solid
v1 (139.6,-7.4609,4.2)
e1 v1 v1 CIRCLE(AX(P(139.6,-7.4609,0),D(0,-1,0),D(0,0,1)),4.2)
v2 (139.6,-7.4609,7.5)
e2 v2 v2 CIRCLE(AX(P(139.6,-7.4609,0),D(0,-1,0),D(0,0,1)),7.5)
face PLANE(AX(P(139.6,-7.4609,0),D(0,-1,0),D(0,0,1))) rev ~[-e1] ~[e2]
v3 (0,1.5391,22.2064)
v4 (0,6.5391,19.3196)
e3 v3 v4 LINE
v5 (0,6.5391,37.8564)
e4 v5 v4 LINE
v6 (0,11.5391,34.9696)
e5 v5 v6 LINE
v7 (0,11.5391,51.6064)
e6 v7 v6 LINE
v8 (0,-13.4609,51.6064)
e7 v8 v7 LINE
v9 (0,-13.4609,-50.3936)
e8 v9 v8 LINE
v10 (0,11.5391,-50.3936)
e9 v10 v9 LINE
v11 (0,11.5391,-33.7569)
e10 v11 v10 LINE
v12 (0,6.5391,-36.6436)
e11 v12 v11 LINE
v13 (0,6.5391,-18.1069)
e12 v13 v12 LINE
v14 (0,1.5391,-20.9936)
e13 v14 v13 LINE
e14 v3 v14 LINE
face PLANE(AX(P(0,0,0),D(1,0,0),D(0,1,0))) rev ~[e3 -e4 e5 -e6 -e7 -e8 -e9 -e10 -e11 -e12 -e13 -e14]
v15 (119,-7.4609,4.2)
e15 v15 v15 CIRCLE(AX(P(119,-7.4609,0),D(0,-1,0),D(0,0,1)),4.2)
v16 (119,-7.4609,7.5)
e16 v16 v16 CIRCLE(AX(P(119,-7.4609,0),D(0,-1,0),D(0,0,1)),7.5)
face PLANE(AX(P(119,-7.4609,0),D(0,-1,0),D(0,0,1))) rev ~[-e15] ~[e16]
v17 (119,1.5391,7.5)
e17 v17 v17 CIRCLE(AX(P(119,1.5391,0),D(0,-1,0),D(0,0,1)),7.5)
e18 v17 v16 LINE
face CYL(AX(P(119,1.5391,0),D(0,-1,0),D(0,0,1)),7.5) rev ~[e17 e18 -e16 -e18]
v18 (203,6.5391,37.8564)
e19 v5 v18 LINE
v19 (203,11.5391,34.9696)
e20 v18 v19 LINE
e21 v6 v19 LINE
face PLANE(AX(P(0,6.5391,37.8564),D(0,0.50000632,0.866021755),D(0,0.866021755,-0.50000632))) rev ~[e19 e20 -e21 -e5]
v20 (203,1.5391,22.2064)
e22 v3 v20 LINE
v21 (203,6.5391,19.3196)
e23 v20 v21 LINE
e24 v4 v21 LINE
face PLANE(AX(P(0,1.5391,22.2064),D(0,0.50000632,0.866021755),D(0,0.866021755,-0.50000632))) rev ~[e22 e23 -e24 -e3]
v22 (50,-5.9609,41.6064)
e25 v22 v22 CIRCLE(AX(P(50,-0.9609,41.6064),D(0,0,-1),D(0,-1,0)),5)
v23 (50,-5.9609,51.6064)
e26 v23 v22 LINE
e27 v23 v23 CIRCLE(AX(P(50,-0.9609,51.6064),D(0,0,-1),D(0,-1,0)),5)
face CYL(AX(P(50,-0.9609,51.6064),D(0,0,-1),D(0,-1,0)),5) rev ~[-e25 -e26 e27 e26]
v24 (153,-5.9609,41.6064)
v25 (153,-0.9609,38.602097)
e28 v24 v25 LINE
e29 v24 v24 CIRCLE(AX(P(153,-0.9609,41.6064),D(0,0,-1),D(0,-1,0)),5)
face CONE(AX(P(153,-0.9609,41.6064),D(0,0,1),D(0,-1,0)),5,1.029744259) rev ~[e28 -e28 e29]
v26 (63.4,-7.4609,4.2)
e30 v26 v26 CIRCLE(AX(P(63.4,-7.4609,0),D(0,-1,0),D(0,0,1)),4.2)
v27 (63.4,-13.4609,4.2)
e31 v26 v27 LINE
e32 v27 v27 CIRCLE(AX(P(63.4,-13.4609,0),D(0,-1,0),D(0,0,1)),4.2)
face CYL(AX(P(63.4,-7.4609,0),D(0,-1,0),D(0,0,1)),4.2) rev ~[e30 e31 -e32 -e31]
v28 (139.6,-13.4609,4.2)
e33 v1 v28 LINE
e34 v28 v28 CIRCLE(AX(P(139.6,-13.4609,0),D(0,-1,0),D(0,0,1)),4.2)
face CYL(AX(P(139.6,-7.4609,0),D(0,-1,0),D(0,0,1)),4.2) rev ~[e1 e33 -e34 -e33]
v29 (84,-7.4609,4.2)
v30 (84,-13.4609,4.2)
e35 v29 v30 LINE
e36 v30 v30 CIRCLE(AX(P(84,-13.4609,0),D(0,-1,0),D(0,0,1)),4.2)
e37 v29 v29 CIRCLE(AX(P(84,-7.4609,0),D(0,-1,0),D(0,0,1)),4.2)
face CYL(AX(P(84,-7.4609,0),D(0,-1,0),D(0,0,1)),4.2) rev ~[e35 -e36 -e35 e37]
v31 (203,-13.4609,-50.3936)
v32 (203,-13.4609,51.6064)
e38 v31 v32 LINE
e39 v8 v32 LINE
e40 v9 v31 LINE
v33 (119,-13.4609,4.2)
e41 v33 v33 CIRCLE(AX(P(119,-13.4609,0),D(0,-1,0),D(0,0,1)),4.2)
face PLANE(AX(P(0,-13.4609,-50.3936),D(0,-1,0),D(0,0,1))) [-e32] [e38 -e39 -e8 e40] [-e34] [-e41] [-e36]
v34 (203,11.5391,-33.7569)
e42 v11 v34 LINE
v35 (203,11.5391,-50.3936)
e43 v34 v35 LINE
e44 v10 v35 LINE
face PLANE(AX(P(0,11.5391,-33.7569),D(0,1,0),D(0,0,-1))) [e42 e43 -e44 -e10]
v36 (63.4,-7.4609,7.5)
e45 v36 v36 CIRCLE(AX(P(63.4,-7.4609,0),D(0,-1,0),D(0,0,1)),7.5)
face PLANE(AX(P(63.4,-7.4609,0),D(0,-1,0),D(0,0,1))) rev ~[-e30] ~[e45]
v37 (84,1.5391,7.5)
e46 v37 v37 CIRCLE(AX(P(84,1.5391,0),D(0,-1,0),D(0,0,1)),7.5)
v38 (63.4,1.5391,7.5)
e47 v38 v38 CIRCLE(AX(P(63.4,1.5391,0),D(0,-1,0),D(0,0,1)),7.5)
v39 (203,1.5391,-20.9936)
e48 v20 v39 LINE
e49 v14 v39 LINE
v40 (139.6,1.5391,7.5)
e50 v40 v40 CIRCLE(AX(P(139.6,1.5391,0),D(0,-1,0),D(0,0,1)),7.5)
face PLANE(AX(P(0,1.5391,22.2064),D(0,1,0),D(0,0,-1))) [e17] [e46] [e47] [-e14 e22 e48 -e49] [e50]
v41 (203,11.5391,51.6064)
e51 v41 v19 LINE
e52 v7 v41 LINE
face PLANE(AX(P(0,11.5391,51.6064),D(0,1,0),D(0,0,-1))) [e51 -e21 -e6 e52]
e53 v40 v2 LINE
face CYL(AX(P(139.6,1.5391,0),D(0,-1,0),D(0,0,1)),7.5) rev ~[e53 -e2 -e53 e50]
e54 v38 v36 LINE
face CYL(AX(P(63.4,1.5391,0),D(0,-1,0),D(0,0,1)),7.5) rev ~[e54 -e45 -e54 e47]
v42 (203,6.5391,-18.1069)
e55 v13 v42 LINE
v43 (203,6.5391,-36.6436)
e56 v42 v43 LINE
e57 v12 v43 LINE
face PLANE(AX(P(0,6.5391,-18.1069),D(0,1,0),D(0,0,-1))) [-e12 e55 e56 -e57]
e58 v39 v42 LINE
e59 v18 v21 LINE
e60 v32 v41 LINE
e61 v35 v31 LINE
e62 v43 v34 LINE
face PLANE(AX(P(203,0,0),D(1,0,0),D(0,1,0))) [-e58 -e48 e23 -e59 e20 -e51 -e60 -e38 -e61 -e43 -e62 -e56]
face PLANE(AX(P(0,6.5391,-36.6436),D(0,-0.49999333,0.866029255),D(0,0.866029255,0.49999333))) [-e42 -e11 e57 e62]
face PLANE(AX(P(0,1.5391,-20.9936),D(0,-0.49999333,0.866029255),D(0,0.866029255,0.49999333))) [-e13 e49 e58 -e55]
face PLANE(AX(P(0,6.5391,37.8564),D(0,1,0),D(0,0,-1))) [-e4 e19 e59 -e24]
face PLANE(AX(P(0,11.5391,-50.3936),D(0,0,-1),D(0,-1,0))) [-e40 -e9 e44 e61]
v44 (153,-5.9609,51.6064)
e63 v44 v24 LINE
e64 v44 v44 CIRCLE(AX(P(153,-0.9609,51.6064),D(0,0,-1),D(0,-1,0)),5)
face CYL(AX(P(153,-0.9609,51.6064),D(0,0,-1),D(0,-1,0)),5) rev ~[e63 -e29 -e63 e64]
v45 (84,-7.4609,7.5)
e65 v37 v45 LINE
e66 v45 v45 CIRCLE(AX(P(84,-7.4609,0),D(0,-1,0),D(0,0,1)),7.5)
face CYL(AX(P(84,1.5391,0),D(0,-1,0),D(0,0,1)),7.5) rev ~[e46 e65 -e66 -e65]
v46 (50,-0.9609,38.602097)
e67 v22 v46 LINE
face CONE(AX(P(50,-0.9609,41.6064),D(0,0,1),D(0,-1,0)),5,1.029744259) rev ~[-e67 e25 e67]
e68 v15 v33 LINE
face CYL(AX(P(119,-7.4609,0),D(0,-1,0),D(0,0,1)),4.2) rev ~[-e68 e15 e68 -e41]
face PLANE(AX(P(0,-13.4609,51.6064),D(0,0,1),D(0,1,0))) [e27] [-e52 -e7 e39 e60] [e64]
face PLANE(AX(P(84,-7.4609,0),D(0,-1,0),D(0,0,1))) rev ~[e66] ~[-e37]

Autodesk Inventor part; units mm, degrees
ref_plane "YZ Plane" through (0, 0, 0) normal (1, 0, 0) x (0, 1, 0)
ref_plane "XZ Plane" through (0, 0, 0) normal (0, 1, 0) x (-1, 0, 0)
ref_plane "XY Plane" through (0, 0, 0) normal (0, 0, 1) x (1, 0, 0)
sketch "Sketch1" plane through (0, 0, 0) normal (1, 0, 0) x (0, 1, 0)
  line L0 (-13.4609, 51.6064) -> (11.5391, 51.6064)
  line L1 (11.5391, -50.3936) -> (-13.4609, -50.3936)
  line L2 (-13.4609, -50.3936) -> (-13.4609, 51.6064)
  line L3 (-13.4609, 51.6064) -> (11.5391, -50.3936) construction
  line L4 (11.5391, 51.6064) -> (-13.4609, -50.3936) construction
  line L5 (1.5391, 22.2064) -> (1.5391, -20.9936)
  line L6 (6.5391, 37.8564) -> (11.5391, 34.9696)
  line L7 (6.5391, -36.6436) -> (11.5391, -33.7569)
  line L8 (6.5391, -36.6436) -> (13.9505, -36.6436) construction
  line L9 (1.5391, 22.2064) -> (6.5391, 19.3196)
  line L10 (1.5391, -20.9936) -> (6.5391, -18.1069)
  line L11 (6.5391, 37.8564) -> (6.5391, 19.3196)
  line L12 (6.5391, -18.1069) -> (6.5391, -36.6436)
  line L13 (11.5391, 51.6064) -> (11.5391, 34.9696)
  line L14 (11.5391, -33.7569) -> (11.5391, -50.3936)
  point P0 (-0.9609, 0.6064)
  dimension "d2" = 25
  dimension "d3" = 102
  dimension "d4" = 43.2
  dimension "d5" = 21.6
  dimension "d6" = 74.5
  dimension "d7" = 37.25
  dimension "d10" = 30
extrude "Extrusion1" add sketch "Sketch1" along normal blind 203
sketch "Sketch2" plane through (0, 1.5391, 22.2064) normal (0, 1, 0) x (1, 0, 0)
  point P0 (0, 22.2064)
  point P1 (63.4, 22.2064)
  point P2 (139.6, 22.2064)
  dimension "d14" = 76.2
  dimension "d15" = 63.4
hole "Hole1" at (63.4, 1.5391, 0) at (139.6, 1.5391, 0) direction (0, -1, 0) diameter 8.4 end through all counterbore diameter 15 counterbore depth 9
sketch "Sketch3" plane through (0, 1.5391, 22.2064) normal (0, 1, 0) x (1, 0, 0)
  point P0 (0, 22.2064)
  point P1 (84, 22.2064)
  point P2 (119, 22.2064)
  dimension "d23" = 35
  dimension "d24" = 84
hole "Hole2" at (84, 1.5391, 0) at (119, 1.5391, 0) direction (0, -1, 0) diameter 8.4 end through all counterbore diameter 15 counterbore depth 9
sketch "Sketch4" plane through (0, -13.4609, 51.6064) normal (0, 0, 1) x (1, 0, 0)
  line L0 (0, 0) -> (203, 0) projected
  line L1 (0, 0) -> (0, 25) projected
  line L2 (203, 25) -> (203, 0) projected
  point P0 (0, 13.4609)
  point P1 (50, 12.5)
  point P2 (153, 12.5)
  dimension "d32" = 12.5
  dimension "d33" = 12.5
  dimension "d34" = 50
  dimension "d35" = 50
hole "Hole3" at (50, -0.9609, 51.6064) at (153, -0.9609, 51.6064) direction (0, 0, -1) diameter 10 depth 10 tip angle 118
properties part number "czescuchwytu" material "Iron, Cast"
